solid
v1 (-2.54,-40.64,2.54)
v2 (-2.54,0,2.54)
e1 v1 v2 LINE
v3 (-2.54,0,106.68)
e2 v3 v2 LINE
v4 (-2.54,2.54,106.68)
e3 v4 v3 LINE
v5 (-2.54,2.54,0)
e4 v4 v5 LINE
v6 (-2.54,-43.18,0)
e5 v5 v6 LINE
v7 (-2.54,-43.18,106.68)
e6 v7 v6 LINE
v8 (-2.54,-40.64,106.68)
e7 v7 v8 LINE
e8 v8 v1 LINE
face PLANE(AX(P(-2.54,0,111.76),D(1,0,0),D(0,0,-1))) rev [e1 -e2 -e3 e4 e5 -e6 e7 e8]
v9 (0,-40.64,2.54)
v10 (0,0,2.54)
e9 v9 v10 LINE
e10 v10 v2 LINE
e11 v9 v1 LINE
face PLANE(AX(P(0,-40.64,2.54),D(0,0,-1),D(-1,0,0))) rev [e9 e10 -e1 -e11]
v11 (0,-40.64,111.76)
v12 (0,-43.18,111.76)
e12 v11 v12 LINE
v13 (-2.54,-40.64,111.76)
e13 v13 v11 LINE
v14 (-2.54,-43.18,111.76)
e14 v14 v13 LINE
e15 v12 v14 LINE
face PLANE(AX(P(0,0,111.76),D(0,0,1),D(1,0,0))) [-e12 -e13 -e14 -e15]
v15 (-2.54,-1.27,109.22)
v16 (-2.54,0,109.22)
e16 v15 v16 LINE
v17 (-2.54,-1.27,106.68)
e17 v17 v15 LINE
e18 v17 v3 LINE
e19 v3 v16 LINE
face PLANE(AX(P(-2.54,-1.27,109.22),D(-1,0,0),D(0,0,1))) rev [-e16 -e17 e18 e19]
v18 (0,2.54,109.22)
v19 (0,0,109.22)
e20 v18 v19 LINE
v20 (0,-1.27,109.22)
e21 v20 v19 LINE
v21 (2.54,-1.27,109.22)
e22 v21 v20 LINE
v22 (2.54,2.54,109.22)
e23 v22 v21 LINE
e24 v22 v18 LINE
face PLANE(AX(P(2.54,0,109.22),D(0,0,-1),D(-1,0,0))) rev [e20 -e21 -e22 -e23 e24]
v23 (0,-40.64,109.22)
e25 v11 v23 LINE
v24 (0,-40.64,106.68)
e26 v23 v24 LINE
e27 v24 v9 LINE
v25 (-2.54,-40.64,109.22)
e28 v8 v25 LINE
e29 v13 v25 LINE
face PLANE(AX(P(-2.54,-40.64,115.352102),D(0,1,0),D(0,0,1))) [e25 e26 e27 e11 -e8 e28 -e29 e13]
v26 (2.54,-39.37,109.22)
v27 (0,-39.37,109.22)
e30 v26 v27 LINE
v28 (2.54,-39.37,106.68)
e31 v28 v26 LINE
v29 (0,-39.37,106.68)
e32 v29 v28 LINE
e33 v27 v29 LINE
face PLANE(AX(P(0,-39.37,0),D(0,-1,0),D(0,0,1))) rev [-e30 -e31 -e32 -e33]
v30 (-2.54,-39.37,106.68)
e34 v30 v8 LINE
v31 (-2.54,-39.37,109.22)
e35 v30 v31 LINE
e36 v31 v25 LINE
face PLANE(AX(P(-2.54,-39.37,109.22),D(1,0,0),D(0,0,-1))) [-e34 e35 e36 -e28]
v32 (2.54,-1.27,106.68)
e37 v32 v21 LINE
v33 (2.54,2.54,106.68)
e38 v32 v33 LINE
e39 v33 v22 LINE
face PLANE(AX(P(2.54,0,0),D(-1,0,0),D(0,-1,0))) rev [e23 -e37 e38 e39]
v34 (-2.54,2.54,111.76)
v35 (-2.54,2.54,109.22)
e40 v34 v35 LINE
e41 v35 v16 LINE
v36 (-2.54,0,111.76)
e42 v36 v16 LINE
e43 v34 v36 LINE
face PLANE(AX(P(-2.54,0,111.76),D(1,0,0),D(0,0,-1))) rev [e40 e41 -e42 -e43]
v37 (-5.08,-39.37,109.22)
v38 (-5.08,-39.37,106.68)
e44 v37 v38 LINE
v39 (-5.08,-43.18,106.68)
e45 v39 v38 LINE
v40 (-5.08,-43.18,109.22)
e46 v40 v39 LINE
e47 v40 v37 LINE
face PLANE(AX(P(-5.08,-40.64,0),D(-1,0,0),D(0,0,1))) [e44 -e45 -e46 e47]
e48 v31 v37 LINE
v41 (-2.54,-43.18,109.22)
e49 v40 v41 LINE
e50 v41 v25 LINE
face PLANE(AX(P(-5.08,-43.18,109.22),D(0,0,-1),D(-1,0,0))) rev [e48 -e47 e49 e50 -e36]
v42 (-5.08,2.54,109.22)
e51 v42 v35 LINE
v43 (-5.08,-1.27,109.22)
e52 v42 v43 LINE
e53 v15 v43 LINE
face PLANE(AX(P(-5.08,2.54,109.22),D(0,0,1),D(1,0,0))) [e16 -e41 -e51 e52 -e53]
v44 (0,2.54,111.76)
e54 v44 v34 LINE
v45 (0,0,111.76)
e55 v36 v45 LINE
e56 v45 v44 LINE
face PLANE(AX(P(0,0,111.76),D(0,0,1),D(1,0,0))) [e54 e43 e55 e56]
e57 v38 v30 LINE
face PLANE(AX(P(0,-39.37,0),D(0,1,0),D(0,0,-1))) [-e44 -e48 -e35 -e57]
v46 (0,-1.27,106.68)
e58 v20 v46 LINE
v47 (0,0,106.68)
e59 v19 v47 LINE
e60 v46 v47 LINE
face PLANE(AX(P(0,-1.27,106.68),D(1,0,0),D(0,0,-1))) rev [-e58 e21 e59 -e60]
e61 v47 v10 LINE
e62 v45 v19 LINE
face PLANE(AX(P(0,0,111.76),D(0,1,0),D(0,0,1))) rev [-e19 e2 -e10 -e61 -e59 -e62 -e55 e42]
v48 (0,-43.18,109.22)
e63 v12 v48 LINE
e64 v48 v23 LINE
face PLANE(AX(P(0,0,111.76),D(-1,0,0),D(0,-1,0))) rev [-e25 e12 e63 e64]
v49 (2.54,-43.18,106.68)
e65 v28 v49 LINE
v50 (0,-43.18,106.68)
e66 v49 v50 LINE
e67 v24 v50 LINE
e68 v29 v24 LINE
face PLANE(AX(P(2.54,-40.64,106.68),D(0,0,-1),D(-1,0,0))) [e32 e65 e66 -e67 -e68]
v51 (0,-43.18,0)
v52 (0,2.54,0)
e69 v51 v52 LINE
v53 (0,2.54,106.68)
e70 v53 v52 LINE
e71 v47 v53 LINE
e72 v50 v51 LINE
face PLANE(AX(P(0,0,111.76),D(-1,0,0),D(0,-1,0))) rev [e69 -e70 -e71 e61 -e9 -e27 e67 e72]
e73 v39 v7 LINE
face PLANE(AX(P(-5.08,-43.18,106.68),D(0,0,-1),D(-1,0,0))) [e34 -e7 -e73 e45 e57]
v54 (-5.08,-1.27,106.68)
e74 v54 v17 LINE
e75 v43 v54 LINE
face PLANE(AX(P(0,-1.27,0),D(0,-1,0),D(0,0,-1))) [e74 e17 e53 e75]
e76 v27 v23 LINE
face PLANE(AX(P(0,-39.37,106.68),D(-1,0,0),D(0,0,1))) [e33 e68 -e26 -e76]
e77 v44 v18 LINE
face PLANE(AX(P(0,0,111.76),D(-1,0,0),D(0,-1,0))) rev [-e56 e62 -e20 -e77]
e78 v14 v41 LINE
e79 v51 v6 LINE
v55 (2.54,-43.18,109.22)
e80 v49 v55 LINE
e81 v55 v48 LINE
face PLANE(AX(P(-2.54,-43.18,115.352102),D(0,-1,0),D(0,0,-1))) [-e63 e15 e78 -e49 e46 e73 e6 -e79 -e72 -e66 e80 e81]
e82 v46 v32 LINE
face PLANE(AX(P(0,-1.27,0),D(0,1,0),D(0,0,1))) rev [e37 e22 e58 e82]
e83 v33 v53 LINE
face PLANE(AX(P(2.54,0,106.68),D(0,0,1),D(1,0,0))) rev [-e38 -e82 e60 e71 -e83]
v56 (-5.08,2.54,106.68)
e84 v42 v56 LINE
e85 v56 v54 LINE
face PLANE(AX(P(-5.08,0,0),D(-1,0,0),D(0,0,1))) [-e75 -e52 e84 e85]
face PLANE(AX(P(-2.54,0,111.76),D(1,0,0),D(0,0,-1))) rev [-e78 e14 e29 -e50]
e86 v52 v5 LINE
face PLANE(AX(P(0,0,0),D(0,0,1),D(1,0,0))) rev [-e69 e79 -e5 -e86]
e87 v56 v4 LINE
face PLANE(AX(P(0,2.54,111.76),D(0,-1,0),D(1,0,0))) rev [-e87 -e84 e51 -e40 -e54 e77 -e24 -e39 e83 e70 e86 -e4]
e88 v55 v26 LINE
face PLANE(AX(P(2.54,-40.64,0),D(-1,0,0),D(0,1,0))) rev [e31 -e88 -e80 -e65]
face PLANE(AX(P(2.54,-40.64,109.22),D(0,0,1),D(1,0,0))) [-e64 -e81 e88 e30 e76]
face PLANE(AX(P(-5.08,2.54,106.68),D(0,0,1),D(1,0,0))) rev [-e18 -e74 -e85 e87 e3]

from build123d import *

# Parameters (mm, degrees)
SKETCH1_W           = 2.54
SKETCH1_H           = 2.54
BOSS_EXTRUDE1_DEPTH = 111.76
SKETCH2_W           = 2.54
SKETCH2_H           = 2.54
BOSS_EXTRUDE2_DEPTH = 40.64
SKETCH3_W           = 2.54
SKETCH3_H           = 2.54
BOSS_EXTRUDE3_DEPTH = 111.76
SKETCH5_W           = 2.54
SKETCH5_H           = 2.54
BOSS_EXTRUDE4_DEPTH = 2.54
SKETCH6_W           = 2.54
SKETCH6_H           = 2.54
BOSS_EXTRUDE5_DEPTH = 2.54
SKETCH7_W           = 2.54
SKETCH7_H           = 2.54
BOSS_EXTRUDE6_DEPTH = 1.27


with BuildPart() as part:
    # Sketch1 → Boss-Extrude1 (new body)
    with BuildSketch(Plane.XY):
        with Locations((-1.27, 1.27)):
            Rectangle(SKETCH1_W, SKETCH1_H)
    extrude(amount=BOSS_EXTRUDE1_DEPTH)

    # Sketch2 → Boss-Extrude2 (add)
    with BuildSketch(Plane.XZ):
        with Locations((-1.27, 1.27)):
            Rectangle(SKETCH2_W, SKETCH2_H)
    extrude(amount=BOSS_EXTRUDE2_DEPTH)

    # Sketch3 → Boss-Extrude3 (add)
    with BuildSketch(Plane(origin=(0, 0, 0), x_dir=(-1, 0, 0), z_dir=(0, 0, -1))):
        with Locations((1.27, -41.91)):
            Rectangle(SKETCH3_W, SKETCH3_H)
    extrude(amount=-BOSS_EXTRUDE3_DEPTH)

    # Sketch5 → Boss-Extrude4 (add)
    with BuildSketch(Plane.ZY.offset(2.54)):
        with Locations((107.95, 1.27)):
            Rectangle(SKETCH5_W, SKETCH5_H)
    boss_extrude4 = extrude(amount=BOSS_EXTRUDE4_DEPTH)

    # Sketch6 → Boss-Extrude5 (add)
    with BuildSketch(Plane(origin=(0, 0, 0), x_dir=(0, 0, -1), z_dir=(1, 0, 0))):
        with Locations((-107.95, 1.27)):
            Rectangle(SKETCH6_W, SKETCH6_H)
    boss_extrude5 = extrude(amount=BOSS_EXTRUDE5_DEPTH)

    # Sketch7 → Boss-Extrude6 (add)
    with BuildSketch(Plane(origin=(0, 0, 0), x_dir=(-1, 0, 0), z_dir=(0, -1, 0))):
        with Locations((3.81, -107.95)):
            Rectangle(SKETCH7_W, SKETCH7_H)
        with Locations((-1.27, -107.95)):
            Rectangle(SKETCH7_W, SKETCH7_H)
    boss_extrude6 = extrude(amount=BOSS_EXTRUDE6_DEPTH)

    # Mirror1: Boss-Extrude4, Boss-Extrude5, Boss-Extrude6 across plane
    add(boss_extrude4.mirror(Plane(origin=(0, -20.32, 0), x_dir=(0, 0, 1), z_dir=(0, -1, 0))))
    add(boss_extrude5.mirror(Plane(origin=(0, -20.32, 0), x_dir=(0, 0, 1), z_dir=(0, -1, 0))))
    add(boss_extrude6.mirror(Plane(origin=(0, -20.32, 0), x_dir=(0, 0, 1), z_dir=(0, -1, 0))))


solid = part.part
